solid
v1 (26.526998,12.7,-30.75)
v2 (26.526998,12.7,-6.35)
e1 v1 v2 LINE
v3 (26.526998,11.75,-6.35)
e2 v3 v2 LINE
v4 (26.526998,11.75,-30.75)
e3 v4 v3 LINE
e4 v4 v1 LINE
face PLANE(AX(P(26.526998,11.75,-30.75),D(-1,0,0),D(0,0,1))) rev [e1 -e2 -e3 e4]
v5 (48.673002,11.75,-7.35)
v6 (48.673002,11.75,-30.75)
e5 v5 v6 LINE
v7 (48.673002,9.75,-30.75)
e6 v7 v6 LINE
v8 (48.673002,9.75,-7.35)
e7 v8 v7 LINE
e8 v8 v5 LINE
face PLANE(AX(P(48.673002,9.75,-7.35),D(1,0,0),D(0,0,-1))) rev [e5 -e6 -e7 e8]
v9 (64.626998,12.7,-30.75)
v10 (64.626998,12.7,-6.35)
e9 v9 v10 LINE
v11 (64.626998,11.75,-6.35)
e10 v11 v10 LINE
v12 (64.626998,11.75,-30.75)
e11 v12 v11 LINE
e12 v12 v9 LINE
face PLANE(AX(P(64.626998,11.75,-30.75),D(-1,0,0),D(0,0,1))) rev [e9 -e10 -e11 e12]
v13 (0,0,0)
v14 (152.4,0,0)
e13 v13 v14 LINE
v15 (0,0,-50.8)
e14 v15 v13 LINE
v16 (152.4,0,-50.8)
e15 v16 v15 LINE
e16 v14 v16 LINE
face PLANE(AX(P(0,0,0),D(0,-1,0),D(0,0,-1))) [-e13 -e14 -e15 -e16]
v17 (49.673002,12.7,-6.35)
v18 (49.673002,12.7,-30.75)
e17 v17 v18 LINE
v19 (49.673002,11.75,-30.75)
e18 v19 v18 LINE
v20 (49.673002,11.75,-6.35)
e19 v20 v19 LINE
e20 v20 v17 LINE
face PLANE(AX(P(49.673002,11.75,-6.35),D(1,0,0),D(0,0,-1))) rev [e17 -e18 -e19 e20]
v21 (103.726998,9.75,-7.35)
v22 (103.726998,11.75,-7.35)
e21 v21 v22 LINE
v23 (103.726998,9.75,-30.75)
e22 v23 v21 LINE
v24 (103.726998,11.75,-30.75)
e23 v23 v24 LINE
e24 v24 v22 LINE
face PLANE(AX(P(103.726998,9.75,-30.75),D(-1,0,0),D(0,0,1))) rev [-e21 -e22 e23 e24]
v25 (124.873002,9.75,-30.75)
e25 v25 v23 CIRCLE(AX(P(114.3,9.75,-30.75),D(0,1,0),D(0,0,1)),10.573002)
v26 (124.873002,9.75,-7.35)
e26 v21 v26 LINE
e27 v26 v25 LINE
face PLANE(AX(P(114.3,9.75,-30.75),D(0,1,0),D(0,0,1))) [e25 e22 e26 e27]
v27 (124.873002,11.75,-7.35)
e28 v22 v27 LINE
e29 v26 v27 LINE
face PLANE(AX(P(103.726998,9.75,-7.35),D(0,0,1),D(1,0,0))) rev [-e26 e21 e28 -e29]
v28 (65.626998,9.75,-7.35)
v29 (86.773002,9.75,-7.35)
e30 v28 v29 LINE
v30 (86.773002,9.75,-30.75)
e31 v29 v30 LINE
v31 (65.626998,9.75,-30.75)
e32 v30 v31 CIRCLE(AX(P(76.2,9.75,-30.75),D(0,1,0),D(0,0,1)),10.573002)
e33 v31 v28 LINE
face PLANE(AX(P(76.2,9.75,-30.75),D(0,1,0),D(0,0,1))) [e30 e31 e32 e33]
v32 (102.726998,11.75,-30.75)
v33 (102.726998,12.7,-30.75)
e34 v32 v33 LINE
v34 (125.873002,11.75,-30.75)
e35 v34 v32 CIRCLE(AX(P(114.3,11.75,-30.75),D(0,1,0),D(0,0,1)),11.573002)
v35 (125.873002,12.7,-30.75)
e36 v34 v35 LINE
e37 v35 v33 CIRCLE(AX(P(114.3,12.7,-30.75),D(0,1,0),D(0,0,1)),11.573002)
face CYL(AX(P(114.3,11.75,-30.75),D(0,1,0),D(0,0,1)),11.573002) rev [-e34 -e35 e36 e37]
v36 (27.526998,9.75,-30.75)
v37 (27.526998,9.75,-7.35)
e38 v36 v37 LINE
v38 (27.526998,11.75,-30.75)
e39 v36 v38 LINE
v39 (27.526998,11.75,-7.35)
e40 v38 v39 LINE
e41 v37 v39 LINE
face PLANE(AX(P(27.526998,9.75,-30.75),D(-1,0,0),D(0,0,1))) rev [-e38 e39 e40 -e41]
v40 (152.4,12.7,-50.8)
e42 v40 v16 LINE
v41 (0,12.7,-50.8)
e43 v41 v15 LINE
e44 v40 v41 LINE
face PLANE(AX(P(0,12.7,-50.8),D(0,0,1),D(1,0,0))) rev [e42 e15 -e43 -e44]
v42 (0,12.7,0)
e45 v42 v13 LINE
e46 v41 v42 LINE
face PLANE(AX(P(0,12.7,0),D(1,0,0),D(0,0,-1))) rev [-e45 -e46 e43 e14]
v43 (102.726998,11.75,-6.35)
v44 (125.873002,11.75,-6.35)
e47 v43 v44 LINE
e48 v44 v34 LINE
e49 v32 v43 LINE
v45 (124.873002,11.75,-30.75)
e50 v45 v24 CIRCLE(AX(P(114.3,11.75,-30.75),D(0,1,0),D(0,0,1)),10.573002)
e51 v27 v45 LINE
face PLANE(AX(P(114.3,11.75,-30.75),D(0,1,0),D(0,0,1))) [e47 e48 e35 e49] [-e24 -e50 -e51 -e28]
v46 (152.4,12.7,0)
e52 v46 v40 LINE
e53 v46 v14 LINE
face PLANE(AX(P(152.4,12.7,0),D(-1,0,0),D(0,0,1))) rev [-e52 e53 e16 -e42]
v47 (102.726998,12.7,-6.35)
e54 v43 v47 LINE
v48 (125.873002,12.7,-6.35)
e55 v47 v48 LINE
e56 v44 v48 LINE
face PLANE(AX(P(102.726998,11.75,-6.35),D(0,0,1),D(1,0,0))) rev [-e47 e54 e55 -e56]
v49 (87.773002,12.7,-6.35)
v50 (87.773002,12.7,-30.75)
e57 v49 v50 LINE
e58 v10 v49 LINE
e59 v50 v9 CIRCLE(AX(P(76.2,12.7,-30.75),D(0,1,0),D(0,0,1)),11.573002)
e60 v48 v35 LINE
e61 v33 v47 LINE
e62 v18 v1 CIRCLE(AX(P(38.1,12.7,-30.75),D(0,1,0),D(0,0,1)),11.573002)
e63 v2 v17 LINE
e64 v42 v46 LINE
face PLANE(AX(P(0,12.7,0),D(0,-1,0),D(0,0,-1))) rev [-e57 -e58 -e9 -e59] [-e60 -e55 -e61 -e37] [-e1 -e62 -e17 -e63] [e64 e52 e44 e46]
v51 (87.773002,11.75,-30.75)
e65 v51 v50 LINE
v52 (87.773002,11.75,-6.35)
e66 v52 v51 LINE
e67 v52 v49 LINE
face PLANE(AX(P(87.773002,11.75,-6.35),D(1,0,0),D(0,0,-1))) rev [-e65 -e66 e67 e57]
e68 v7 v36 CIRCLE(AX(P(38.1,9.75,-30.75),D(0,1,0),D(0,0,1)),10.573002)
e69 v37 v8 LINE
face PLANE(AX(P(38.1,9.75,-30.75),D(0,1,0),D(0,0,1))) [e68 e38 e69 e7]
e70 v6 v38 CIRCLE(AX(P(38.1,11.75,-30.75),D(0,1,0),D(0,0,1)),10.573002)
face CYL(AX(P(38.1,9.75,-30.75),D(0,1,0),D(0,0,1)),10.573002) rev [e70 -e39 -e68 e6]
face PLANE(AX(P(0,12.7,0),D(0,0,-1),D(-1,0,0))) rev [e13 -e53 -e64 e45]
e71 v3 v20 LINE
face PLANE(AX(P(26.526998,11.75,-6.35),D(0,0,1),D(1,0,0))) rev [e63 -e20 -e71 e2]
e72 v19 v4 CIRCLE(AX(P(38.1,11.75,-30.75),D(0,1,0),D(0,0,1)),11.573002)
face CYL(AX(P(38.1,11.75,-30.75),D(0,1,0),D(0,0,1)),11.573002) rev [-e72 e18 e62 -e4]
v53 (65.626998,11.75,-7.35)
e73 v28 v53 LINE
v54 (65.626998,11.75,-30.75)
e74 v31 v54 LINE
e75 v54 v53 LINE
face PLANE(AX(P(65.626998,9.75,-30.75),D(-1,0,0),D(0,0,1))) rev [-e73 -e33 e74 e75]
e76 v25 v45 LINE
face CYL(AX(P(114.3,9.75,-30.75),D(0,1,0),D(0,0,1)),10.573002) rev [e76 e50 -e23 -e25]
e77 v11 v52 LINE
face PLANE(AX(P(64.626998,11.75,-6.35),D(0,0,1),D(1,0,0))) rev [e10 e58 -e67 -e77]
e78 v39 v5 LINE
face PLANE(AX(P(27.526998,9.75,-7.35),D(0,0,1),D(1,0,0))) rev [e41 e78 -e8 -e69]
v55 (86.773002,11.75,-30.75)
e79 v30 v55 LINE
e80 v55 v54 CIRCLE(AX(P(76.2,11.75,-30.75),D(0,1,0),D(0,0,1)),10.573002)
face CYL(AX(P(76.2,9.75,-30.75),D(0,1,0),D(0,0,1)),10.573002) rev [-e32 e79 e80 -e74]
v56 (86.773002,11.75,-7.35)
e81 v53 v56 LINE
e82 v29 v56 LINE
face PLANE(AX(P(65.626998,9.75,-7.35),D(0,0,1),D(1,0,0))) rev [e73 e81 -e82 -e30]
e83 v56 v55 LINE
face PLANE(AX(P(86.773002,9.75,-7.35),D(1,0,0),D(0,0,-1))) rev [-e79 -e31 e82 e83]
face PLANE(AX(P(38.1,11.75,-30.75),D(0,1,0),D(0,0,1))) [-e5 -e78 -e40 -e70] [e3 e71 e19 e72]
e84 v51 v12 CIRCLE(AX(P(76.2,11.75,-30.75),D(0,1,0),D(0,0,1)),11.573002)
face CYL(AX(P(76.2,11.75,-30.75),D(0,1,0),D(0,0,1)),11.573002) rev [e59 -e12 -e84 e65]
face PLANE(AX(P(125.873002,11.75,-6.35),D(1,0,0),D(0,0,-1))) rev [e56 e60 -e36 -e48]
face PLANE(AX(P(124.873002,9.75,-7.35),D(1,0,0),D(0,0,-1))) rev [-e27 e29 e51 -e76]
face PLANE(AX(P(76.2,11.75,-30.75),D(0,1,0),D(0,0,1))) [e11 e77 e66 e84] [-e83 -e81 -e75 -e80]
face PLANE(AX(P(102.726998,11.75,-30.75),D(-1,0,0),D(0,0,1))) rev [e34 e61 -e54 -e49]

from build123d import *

# Parameters (mm, degrees)
SKETCH1_W           = 152.4
SKETCH1_H           = 50.8
BOSS_EXTRUDE1_DEPTH = 12.7
CUT_EXTRUDE1_DEPTH  = 0.95
CUT_EXTRUDE2_DEPTH  = 2
LPATTERN1_COUNT     = 2
LPATTERN1_PITCH     = 38.1
LPATTERN1_COL_COUNT = 2
LPATTERN1_COL_PITCH = 38.1


with BuildPart() as part:
    # Sketch1 → Boss-Extrude1 (new body)
    with BuildSketch(Plane(origin=(0, 0, 0), x_dir=(1, 0, 0), z_dir=(0, 1, 0))):
        with Locations((76.2, 25.4)):
            Rectangle(SKETCH1_W, SKETCH1_H)
    extrude(amount=BOSS_EXTRUDE1_DEPTH)

    # Sketch2 → Cut-Extrude1 (cut)
    with BuildSketch(Plane(origin=(0, 12.7, 0), x_dir=(1, 0, 0), z_dir=(0, 1, 0))):
        with BuildLine():
            Line((64.626998, 30.75), (64.626998, 6.35))
            Line((64.626998, 6.35), (87.773002, 6.35))
            Line((87.773002, 6.35), (87.773002, 30.75))
            ThreePointArc((87.773002, 30.75), (76.2, 42.323002), (64.626998, 30.75))
        make_face()
    cut_extrude1 = extrude(amount=-CUT_EXTRUDE1_DEPTH, mode=Mode.SUBTRACT)

    # Sketch3 → Cut-Extrude2 (cut)
    with BuildSketch(Plane(origin=(0, 11.75, 0), x_dir=(1, 0, 0), z_dir=(0, 1, 0))):
        with BuildLine():
            Line((65.626998, 30.75), (65.626998, 7.35))
            Line((65.626998, 7.35), (86.773002, 7.35))
            Line((86.773002, 7.35), (86.773002, 30.75))
            ThreePointArc((86.773002, 30.75), (76.2, 41.323002), (65.626998, 30.75))
        make_face()
    cut_extrude2 = extrude(amount=-CUT_EXTRUDE2_DEPTH, mode=Mode.SUBTRACT)

    # LPattern1: Cut-Extrude1, Cut-Extrude2 ×2
    with Locations(*[(i * LPATTERN1_PITCH, 0, 0) for i in range(1, LPATTERN1_COUNT)]):
        add(cut_extrude1, mode=Mode.SUBTRACT)
        add(cut_extrude2, mode=Mode.SUBTRACT)

    # LPattern1 col: Cut-Extrude1, Cut-Extrude2 ×2
    with Locations(*[(-i * LPATTERN1_COL_PITCH, 0, 0) for i in range(1, LPATTERN1_COL_COUNT)]):
        add(cut_extrude1, mode=Mode.SUBTRACT)
        add(cut_extrude2, mode=Mode.SUBTRACT)


solid = part.part
